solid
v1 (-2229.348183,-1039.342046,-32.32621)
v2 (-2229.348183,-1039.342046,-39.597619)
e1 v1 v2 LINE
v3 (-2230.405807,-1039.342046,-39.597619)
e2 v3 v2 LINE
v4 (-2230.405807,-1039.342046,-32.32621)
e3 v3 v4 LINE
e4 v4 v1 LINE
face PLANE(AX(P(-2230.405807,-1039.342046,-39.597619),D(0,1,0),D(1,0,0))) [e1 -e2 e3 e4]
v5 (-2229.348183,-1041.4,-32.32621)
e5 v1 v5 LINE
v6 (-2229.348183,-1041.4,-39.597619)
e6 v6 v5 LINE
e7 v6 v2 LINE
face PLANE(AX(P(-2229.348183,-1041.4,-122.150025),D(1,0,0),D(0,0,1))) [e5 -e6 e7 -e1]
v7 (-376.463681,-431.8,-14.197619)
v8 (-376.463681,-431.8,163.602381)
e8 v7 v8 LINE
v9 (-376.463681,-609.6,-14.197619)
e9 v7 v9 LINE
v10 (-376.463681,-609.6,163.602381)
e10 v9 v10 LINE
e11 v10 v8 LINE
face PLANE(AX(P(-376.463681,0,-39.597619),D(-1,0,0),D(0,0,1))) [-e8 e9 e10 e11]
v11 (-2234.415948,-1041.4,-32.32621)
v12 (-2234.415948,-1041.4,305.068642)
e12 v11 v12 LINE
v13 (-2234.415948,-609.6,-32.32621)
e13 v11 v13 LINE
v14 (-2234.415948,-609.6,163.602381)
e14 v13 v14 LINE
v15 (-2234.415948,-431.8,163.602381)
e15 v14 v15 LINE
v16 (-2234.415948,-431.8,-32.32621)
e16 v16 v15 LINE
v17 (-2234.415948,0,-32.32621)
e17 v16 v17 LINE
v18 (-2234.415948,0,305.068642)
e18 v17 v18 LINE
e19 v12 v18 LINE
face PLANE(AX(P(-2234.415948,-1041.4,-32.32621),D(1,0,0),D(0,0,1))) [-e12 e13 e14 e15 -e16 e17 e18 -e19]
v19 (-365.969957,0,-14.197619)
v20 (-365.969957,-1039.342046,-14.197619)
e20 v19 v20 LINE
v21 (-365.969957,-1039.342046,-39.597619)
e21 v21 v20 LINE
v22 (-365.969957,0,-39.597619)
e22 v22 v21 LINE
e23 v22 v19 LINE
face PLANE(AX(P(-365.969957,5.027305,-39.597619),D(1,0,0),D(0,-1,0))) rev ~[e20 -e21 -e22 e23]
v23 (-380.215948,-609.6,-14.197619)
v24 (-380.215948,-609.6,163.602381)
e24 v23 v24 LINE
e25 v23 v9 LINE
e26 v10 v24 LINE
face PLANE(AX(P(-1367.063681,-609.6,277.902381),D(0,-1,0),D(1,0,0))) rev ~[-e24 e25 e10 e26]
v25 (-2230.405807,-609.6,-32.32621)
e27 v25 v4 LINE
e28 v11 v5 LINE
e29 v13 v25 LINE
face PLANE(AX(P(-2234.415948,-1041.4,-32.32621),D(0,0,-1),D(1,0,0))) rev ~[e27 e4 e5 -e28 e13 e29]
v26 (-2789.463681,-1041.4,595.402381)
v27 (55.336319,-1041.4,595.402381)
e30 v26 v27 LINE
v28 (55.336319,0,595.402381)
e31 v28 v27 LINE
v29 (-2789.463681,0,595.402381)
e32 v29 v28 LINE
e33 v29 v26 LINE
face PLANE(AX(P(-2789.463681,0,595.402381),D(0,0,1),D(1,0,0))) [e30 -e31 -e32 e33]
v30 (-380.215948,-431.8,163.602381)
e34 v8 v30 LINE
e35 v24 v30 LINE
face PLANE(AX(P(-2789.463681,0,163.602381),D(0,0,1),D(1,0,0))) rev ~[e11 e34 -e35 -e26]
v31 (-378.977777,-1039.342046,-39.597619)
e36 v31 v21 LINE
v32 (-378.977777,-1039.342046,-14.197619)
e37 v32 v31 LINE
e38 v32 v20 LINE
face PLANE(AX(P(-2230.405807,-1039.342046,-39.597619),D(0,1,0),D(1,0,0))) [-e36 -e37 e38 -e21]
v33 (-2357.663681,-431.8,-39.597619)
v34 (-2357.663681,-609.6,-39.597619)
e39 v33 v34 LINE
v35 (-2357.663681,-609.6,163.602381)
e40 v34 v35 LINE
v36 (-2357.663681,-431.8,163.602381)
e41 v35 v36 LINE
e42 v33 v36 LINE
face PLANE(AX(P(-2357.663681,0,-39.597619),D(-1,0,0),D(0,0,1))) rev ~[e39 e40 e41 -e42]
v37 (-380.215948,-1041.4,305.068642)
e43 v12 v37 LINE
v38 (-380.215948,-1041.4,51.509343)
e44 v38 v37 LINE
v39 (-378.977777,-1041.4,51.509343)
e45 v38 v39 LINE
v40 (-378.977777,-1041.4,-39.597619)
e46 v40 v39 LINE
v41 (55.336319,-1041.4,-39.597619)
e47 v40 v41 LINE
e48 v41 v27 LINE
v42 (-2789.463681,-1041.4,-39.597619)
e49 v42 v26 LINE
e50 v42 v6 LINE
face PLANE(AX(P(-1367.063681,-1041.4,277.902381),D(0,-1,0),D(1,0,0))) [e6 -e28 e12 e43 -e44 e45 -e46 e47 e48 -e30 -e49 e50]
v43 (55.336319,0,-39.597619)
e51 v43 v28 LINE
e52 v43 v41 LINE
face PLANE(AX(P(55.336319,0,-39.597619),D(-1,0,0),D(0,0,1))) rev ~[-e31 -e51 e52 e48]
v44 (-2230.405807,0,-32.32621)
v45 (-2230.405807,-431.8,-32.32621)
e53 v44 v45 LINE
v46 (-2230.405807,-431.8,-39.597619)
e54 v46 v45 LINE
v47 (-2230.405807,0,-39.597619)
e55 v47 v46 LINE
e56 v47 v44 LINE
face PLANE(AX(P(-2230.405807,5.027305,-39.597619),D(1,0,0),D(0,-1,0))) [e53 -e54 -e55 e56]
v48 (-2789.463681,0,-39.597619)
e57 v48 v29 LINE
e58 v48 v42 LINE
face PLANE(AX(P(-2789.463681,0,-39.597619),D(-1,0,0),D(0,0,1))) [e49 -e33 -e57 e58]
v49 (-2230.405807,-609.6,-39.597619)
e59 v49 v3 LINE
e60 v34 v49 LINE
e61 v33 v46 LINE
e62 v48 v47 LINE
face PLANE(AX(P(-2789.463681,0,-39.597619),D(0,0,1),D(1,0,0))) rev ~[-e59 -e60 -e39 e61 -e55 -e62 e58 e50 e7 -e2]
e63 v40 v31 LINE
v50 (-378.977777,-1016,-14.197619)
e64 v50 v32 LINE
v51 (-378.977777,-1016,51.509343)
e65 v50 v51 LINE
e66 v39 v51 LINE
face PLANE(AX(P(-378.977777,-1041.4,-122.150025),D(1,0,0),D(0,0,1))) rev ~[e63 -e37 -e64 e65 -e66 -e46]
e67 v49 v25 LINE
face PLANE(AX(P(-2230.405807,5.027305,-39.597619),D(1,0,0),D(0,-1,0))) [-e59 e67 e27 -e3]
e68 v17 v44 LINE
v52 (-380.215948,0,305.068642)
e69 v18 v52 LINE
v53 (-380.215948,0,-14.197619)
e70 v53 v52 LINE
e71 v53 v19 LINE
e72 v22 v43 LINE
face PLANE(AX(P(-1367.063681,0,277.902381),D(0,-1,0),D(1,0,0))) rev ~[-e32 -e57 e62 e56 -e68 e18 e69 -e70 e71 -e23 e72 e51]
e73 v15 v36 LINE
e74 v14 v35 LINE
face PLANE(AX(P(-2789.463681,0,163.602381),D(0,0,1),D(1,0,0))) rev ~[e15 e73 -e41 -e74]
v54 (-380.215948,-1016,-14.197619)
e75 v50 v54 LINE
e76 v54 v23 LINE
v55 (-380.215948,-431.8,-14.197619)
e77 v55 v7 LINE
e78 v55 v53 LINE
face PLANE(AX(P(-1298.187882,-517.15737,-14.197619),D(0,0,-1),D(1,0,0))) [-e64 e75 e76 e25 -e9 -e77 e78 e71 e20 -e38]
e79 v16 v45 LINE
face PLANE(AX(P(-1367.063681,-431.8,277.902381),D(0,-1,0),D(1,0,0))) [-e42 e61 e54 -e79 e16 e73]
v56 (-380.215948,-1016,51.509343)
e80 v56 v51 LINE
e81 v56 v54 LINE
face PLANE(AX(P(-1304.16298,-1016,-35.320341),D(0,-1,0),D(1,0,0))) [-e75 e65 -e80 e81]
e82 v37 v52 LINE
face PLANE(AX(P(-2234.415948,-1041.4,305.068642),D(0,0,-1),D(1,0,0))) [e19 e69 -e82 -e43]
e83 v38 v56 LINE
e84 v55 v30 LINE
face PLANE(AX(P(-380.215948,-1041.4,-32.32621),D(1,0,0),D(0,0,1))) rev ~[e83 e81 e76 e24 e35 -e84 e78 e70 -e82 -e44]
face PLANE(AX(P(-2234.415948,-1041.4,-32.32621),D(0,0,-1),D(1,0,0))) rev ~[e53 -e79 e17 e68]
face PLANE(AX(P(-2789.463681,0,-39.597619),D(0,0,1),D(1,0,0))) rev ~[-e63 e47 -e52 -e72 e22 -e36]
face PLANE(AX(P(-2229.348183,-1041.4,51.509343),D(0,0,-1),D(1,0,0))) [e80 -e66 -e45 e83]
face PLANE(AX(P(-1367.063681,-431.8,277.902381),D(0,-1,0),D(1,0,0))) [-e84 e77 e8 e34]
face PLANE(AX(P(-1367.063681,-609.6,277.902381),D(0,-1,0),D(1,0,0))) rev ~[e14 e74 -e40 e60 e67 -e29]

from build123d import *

# Parameters (mm, degrees)
F0_W     = 2844.8
F0_H     = 635
F1_DEPTH = 1041.4
F2_T     = -431.8
F3_W     = 1854.2
F3_H     = 337.394852
F4_DEPTH = 1041.4
F5_W     = 1864.435851
F5_H     = 1044.369351
F6_DEPTH = 25.4
F7_W     = 1850.370407
F7_H     = 173.659369
F8_DEPTH = 25.4


with BuildPart() as f1:
    # F0 (on Front) → F1 (new body)
    with BuildSketch(Plane.XZ):
        with Locations((-1367.063681, 277.902381)):
            Rectangle(F0_W, F0_H)
    extrude(amount=F1_DEPTH)

    # F2
    f2_openings = [f1.faces().sort_by_distance(p)[0] for p in [
        (-1367.063681, -520.7, -39.597619),
    ]]
    offset(amount=F2_T, openings=f2_openings)

    # F3 (on face) → F4 (cut)
    with BuildSketch(Plane.XZ.offset(1041.4)):
        with Locations((-1307.315948, 136.371216)):
            Rectangle(F3_W, F3_H)
    extrude(amount=-F4_DEPTH, mode=Mode.SUBTRACT)

    # F5 (on face) → F6 (cut)
    with BuildSketch(Plane(origin=(0, 0, -39.597619), x_dir=(1, 0, 0), z_dir=(0, 0, -1))):
        with Locations((-1298.187882, 517.15737)):
            Rectangle(F5_W, F5_H)
    extrude(amount=-F6_DEPTH, mode=Mode.SUBTRACT)

    # F7 (on face) → F8 (cut)
    with BuildSketch(Plane.XZ.offset(1041.4)):
        with Locations((-1304.16298, -35.320341)):
            Rectangle(F7_W, F7_H)
    extrude(amount=-F8_DEPTH, mode=Mode.SUBTRACT)


solid = f1.part
